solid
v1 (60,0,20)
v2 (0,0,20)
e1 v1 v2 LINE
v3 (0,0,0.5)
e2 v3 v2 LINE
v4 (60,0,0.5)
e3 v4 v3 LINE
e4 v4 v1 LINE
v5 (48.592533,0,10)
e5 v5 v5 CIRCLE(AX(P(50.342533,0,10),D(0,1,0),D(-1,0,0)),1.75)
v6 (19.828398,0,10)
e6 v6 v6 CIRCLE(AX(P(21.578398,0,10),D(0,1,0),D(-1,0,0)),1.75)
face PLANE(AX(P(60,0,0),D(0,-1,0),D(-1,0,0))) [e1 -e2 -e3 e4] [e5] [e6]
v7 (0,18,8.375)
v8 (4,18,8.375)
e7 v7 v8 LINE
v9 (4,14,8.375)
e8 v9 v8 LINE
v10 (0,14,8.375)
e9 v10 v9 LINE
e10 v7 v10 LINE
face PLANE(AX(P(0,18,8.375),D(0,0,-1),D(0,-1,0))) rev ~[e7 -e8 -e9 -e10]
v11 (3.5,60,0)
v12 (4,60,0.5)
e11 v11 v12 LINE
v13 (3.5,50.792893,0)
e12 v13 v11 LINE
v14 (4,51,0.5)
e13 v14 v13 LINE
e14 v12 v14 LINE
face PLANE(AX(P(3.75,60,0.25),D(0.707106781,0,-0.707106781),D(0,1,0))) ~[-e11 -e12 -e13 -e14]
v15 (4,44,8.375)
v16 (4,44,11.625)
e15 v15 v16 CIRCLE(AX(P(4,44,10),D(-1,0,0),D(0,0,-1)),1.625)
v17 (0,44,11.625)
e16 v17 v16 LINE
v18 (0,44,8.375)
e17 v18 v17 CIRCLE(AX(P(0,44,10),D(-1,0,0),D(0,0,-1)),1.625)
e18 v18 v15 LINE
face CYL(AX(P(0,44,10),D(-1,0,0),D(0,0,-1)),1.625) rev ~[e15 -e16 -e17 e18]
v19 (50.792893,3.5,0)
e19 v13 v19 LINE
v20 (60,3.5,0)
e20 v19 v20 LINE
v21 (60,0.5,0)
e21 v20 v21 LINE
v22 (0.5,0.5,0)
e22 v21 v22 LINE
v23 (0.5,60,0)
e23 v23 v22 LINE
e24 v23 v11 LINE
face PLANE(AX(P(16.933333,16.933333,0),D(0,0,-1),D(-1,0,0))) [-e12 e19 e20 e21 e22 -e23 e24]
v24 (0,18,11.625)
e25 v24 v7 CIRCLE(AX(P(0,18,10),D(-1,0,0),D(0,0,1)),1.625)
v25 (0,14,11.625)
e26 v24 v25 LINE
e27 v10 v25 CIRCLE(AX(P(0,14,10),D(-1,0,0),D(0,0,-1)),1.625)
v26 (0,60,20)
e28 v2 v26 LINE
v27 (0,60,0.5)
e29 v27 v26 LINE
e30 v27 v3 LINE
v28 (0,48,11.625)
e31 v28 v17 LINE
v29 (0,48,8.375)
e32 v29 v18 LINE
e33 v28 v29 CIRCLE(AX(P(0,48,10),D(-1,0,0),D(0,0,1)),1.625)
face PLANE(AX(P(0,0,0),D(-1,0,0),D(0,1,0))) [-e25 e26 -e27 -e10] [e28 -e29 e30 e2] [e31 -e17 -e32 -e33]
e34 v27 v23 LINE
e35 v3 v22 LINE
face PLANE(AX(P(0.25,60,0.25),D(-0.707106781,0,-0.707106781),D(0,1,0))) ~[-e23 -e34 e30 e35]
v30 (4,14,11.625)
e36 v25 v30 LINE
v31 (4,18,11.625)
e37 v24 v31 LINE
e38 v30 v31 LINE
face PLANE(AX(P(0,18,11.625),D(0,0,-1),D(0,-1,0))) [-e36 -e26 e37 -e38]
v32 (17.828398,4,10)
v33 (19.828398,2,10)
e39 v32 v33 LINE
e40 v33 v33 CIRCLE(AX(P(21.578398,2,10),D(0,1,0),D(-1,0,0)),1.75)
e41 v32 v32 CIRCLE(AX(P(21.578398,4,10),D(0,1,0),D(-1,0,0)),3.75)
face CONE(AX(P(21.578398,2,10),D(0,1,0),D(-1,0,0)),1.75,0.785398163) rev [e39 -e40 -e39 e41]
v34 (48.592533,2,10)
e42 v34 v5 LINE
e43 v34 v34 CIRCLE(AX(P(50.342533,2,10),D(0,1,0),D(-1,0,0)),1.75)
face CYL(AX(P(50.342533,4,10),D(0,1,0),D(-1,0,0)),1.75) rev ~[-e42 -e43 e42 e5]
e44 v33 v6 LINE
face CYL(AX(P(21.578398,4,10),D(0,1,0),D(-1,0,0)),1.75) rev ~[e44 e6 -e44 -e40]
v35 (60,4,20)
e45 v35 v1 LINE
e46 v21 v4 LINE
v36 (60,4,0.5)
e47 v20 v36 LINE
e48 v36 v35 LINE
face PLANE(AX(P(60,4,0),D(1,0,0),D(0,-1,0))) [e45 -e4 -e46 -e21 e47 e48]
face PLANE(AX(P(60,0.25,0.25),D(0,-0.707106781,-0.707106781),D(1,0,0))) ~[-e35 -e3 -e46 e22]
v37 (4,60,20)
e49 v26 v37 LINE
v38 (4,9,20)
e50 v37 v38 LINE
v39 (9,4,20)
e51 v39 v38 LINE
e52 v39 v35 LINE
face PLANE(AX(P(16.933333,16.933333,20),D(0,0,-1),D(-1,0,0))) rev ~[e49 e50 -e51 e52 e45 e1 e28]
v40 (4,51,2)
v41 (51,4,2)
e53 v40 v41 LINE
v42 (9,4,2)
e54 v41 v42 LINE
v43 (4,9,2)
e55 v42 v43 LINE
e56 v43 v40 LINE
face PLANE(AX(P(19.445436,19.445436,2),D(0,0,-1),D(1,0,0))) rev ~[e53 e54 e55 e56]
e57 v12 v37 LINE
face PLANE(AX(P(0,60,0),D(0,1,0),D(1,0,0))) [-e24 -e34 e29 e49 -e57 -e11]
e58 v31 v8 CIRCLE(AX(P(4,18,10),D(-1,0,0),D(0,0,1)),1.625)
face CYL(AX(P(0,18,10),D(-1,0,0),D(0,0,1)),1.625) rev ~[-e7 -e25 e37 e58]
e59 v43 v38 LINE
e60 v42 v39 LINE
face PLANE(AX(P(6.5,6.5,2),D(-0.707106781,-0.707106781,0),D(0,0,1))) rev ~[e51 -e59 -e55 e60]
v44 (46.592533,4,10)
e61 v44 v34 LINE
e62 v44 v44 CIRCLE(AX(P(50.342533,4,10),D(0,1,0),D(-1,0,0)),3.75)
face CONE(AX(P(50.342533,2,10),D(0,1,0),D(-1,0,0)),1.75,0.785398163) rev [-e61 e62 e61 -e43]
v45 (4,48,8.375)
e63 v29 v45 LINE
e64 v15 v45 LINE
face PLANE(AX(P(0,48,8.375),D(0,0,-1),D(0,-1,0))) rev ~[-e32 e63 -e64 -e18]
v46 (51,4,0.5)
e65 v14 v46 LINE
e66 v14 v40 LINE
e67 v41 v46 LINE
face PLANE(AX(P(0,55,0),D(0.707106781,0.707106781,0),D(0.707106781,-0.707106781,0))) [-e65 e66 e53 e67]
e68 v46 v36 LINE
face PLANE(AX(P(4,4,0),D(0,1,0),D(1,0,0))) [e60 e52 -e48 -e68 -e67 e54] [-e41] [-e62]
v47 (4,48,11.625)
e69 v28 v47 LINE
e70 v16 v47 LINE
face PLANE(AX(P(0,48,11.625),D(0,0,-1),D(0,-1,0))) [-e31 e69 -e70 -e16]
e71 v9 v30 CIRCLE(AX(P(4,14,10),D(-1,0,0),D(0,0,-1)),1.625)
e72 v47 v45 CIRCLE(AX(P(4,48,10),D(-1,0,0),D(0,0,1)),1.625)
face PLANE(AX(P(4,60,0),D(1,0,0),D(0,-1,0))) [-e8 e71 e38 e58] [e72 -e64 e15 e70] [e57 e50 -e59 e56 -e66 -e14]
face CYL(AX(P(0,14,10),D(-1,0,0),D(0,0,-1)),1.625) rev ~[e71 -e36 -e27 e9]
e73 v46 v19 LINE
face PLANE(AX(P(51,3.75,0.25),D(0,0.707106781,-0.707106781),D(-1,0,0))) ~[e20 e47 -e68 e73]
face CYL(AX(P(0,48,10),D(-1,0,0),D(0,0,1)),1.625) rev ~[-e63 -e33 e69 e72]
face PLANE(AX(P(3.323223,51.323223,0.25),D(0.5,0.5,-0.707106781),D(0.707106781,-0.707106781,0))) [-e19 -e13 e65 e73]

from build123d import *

# Parameters (mm, degrees)
PAD_DEPTH       = 20
PAD001_DEPTH    = 2
CHAMFER_SIZE    = 0.5
CHAMFER001_SIZE = 0.5
CHAMFER002_SIZE = 0.5
CHAMFER003_SIZE = 5
SKETCH002_R     = 1.75
HOLE_DEPTH      = 25
CHAMFER004_SIZE = 2
POCKET_DEPTH    = 5
CHAMFER005_SIZE = 0.5


with BuildPart() as part:
    # Sketch → Pad (new body)
    with BuildSketch(Plane.XY):
        Polygon((0, 0), (0, 60), (4, 60), (4, 4), (60, 4), (60, 0), align=None)
    extrude(amount=PAD_DEPTH)

    # Sketch001 (on Face7 of Pad) → Pad001 (join)
    with BuildSketch(Plane(origin=(0, 0, 0), x_dir=(1, 0, 0), z_dir=(0, 0, -1))):
        Polygon((0, 0), (0, -55), (55, 0), align=None)
    extrude(amount=-PAD001_DEPTH)

    # Chamfer
    chamfer_edges = [part.edges().sort_by_distance(p)[0] for p in [
        (27.5, 0, 0),
        (57.5, 0, 0),
    ]]
    chamfer(chamfer_edges, length=CHAMFER_SIZE)

    # Chamfer001
    chamfer001_edges = [part.edges().sort_by_distance(p)[0] for p in [
        (0, 27.75, 0),
        (0, 57.5, 0),
    ]]
    chamfer(chamfer001_edges, length=CHAMFER001_SIZE)

    # Chamfer002
    chamfer002_edges = [part.edges().sort_by_distance(p)[0] for p in [
        (4, 55.5, 0),
        (55.5, 4, 0),
    ]]
    chamfer(chamfer002_edges, length=CHAMFER002_SIZE)

    # Chamfer003
    chamfer003_edges = [part.edges().sort_by_distance(p)[0] for p in [
        (4, 4, 11),
    ]]
    chamfer(chamfer003_edges, length=CHAMFER003_SIZE)

    # Sketch002 (on Face9 of Chamfer003) → Hole (cut)
    with BuildSketch(Plane(origin=(0, 4, 0), x_dir=(-1, 0, 0), z_dir=(0, 1, 0))):
        with Locations((-50.342533, 10)):
            Circle(SKETCH002_R)
        with Locations((-21.578398, 10)):
            Circle(SKETCH002_R)
    extrude(amount=-HOLE_DEPTH, mode=Mode.SUBTRACT)

    # Chamfer004
    chamfer004_edges = [part.edges().sort_by_distance(p)[0] for p in [
        (19.828398, 4, 10),
        (48.592533, 4, 10),
    ]]
    chamfer(chamfer004_edges, length=CHAMFER004_SIZE)

    # Sketch003 (on Face14 of Chamfer004) → Pocket (cut)
    with BuildSketch(Plane(origin=(0, 0, 0), x_dir=(0, -1, 0), z_dir=(-1, 0, 0))):
        with BuildLine():
            ThreePointArc((-48, 11.625), (-49.625, 10), (-48, 8.375))
            Line((-48, 8.375), (-44, 8.375))
            ThreePointArc((-44, 8.375), (-42.375, 10), (-44, 11.625))
            Line((-48, 11.625), (-44, 11.625))
        make_face()
        with BuildLine():
            ThreePointArc((-18, 11.625), (-19.625, 10), (-18, 8.375))
            Line((-18, 8.375), (-14, 8.375))
            ThreePointArc((-14, 8.375), (-12.375, 10), (-14, 11.625))
            Line((-18, 11.625), (-14, 11.625))
        make_face()
    extrude(amount=-POCKET_DEPTH, mode=Mode.SUBTRACT)

    # Chamfer005
    chamfer005_edges = [part.edges().sort_by_distance(p)[0] for p in [
        (27.5, 27.5, 0),
    ]]
    chamfer(chamfer005_edges, length=CHAMFER005_SIZE)


solid = part.part
